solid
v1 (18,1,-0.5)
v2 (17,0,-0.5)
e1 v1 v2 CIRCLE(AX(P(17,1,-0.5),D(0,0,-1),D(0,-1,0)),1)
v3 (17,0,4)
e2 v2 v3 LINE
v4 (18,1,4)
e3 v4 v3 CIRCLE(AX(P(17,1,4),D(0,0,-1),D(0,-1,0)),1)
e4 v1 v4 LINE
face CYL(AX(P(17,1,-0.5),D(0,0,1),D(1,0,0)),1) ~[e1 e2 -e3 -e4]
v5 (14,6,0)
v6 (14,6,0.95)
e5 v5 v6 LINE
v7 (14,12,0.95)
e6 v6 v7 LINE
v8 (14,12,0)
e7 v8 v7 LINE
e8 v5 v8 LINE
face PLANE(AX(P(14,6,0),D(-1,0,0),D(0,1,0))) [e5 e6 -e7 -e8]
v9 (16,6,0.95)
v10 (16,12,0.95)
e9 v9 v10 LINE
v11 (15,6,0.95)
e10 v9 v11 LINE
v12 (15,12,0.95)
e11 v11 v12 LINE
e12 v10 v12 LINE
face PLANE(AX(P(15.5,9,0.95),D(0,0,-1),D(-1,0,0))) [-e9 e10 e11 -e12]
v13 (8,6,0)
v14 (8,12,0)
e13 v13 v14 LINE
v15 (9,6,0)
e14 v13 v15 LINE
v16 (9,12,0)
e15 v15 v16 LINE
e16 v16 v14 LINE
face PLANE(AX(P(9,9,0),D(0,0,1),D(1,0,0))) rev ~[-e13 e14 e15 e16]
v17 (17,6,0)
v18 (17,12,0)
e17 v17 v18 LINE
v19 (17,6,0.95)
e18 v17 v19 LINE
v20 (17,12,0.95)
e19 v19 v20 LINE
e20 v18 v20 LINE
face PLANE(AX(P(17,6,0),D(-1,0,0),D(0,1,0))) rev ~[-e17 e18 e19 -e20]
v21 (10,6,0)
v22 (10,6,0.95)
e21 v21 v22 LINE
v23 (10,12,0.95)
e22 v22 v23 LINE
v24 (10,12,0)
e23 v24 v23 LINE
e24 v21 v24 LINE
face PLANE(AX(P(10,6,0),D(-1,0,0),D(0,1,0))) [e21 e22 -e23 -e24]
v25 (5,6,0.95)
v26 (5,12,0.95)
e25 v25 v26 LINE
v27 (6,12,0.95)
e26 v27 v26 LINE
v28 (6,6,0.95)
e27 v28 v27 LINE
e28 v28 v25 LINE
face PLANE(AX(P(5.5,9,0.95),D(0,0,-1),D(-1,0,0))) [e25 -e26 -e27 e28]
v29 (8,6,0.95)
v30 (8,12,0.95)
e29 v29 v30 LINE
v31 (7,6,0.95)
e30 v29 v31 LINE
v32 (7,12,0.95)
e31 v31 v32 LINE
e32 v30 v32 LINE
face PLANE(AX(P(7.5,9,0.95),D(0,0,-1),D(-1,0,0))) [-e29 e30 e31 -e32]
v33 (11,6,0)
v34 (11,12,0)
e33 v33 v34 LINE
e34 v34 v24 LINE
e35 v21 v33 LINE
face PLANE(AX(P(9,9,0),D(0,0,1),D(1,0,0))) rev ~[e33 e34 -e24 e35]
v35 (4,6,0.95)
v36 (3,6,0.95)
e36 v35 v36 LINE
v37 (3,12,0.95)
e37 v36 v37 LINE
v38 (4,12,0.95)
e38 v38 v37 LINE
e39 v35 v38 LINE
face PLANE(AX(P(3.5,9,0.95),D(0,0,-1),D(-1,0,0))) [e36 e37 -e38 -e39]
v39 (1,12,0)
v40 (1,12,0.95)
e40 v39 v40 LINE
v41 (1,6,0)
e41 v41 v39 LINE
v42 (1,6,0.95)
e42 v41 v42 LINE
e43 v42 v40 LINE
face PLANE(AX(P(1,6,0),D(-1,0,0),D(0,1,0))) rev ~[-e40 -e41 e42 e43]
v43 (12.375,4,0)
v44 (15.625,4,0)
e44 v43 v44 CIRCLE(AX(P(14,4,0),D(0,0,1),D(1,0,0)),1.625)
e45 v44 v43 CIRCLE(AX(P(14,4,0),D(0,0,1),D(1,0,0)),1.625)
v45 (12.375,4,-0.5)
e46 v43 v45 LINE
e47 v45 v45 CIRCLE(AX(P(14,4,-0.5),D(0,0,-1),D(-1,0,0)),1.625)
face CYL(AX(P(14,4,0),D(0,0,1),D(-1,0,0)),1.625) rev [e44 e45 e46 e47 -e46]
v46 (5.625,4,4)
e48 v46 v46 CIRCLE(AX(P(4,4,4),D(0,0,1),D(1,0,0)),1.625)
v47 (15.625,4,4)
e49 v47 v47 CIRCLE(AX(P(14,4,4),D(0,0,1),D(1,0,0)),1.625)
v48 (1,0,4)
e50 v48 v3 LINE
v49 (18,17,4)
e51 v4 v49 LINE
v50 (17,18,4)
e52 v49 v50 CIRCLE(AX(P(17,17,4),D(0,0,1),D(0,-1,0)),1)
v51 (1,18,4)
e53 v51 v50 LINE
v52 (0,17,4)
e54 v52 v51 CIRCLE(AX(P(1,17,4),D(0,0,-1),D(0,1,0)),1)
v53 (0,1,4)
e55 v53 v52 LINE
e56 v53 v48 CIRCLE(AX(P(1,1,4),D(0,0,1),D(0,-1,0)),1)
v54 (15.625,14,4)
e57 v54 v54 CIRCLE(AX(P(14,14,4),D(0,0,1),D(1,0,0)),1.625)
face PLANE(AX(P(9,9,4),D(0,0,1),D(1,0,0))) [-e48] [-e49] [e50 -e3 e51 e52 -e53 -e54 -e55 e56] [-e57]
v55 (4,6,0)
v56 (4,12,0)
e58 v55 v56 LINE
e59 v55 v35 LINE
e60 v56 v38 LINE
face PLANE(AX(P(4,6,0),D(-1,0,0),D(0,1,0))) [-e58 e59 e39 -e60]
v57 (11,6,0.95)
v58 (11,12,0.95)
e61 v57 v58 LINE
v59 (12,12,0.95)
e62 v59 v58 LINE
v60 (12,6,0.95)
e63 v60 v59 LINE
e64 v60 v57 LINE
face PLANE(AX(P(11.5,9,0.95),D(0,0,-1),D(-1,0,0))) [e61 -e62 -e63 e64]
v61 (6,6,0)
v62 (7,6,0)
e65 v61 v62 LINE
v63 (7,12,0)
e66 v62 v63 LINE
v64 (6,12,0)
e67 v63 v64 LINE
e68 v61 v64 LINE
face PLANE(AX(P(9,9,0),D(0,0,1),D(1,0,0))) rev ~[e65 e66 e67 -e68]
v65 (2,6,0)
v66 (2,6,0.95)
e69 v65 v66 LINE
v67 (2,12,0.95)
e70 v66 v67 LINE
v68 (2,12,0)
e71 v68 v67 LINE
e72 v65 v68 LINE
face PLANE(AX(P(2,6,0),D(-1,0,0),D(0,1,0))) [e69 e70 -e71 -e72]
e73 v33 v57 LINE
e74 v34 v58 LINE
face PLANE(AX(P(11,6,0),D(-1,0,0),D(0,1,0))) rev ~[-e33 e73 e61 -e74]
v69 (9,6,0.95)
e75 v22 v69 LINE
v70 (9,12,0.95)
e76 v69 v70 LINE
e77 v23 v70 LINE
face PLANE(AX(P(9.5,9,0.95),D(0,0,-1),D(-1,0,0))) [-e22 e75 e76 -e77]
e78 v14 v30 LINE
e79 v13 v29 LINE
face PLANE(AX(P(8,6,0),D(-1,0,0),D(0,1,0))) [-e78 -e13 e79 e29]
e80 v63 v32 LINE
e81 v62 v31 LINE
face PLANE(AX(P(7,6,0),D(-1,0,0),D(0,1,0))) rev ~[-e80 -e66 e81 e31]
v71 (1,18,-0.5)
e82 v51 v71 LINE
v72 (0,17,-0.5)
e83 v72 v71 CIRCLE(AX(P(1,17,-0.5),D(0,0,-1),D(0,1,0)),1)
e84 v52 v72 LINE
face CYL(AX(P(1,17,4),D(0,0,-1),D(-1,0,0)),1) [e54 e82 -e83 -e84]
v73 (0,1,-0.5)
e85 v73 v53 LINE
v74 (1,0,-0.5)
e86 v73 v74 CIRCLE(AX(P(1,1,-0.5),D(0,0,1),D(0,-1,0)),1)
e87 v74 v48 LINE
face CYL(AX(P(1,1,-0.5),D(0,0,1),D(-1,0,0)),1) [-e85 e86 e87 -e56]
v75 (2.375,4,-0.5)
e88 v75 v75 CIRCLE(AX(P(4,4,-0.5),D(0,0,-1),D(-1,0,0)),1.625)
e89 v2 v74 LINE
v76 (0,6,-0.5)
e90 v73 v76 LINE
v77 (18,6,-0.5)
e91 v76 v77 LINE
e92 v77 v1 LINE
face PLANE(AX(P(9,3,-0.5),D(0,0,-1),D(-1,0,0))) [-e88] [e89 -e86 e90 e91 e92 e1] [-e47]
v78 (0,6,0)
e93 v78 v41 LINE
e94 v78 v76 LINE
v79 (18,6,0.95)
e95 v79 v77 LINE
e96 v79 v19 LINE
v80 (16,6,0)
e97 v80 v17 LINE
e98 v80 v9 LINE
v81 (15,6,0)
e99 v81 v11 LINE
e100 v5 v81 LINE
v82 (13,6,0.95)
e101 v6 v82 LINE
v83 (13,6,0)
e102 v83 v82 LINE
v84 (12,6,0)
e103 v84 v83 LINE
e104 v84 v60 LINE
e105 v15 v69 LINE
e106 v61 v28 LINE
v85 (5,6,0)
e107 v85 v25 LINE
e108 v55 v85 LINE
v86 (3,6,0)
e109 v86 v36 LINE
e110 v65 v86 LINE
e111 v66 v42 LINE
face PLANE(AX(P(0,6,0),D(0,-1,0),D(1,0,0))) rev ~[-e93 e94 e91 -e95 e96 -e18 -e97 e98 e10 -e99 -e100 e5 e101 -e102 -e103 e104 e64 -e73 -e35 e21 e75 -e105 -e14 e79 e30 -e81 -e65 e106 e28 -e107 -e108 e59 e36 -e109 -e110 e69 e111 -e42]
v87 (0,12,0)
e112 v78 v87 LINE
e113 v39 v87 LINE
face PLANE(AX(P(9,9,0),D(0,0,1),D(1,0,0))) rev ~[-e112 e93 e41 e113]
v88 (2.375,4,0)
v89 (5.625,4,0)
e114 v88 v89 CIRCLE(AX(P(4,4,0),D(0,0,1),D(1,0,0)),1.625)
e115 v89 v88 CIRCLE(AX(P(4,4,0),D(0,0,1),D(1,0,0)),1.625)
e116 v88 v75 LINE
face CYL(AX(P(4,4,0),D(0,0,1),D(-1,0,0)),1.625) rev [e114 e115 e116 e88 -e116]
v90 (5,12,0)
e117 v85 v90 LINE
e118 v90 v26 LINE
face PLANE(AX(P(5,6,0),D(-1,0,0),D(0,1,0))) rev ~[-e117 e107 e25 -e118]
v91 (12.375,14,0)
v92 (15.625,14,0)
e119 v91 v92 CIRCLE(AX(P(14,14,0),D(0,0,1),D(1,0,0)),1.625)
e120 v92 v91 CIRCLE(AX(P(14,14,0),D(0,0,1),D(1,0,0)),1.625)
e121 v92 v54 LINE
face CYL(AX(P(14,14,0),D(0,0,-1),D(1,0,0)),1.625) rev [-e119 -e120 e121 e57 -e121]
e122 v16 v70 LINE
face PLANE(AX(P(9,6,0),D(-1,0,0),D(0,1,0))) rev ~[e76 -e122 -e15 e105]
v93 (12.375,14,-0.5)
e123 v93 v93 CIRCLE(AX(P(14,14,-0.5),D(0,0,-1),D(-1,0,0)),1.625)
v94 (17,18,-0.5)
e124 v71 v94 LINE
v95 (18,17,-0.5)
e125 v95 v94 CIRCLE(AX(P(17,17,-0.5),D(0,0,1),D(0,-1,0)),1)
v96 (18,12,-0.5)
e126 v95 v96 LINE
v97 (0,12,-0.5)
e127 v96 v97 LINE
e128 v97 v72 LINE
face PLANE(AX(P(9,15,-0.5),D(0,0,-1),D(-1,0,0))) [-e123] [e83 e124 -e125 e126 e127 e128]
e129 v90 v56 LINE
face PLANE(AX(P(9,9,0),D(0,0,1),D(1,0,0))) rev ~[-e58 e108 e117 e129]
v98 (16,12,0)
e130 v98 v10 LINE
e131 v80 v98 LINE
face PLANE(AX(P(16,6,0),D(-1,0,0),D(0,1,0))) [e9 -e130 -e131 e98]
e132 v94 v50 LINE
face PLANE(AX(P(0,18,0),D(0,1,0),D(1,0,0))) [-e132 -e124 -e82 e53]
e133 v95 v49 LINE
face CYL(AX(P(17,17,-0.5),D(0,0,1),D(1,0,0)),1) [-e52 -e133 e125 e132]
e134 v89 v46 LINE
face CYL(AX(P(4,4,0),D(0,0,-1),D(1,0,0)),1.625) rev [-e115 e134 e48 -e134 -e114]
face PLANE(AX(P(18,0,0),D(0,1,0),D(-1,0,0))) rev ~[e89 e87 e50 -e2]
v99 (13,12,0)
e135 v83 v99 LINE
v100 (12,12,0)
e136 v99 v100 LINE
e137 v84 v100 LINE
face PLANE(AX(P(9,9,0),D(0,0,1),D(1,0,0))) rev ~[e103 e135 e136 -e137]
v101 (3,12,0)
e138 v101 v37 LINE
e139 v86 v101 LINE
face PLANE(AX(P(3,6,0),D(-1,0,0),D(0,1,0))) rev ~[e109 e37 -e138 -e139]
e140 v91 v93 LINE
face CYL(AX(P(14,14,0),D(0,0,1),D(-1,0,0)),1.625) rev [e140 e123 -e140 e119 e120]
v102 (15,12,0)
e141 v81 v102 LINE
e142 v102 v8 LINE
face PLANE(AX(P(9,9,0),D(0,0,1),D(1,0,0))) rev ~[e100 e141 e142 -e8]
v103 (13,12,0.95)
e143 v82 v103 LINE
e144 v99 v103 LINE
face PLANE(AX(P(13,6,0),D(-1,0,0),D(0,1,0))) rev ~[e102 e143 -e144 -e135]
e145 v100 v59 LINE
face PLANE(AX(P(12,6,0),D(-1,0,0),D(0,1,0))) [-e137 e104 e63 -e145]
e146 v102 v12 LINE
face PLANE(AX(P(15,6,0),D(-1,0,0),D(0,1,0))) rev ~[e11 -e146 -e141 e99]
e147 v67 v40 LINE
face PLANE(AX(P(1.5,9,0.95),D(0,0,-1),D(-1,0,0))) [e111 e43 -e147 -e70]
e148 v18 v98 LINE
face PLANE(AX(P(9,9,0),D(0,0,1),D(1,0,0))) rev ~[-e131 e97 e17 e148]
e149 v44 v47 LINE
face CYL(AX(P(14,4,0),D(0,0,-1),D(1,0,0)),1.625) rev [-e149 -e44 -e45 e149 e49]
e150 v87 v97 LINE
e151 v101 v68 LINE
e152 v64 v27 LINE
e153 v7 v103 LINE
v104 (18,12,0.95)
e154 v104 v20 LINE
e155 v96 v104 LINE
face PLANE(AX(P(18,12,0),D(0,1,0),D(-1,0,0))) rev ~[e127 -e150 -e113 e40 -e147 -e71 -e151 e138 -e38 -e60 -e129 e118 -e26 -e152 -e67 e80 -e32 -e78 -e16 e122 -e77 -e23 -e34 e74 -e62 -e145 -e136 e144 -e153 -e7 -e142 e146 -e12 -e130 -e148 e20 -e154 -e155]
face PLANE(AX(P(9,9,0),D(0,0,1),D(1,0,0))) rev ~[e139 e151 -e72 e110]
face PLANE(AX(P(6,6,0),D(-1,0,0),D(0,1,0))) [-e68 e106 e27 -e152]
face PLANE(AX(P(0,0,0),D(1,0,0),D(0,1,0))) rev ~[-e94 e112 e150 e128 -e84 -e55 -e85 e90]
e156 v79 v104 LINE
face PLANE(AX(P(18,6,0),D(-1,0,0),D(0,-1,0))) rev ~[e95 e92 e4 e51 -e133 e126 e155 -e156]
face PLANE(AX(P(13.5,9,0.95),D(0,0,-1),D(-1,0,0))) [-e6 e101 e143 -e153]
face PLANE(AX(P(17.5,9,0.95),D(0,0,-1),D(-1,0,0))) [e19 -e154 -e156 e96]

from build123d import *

# Parameters (mm, degrees)
SKETCH1_W           = 18
SKETCH1_H           = 18
SKETCH1_R           = 1.625
BOSS_EXTRUDE1_DEPTH = 4
SKETCH2_W           = 1
SKETCH2_H           = 6
CUT_EXTRUDE1_DEPTH  = 0.95
SKETCH3_R           = 1.625
BOSS_EXTRUDE2_DEPTH = 0.5
FILLET1_R           = 1


with BuildPart() as part:
    # Sketch1 → Boss-Extrude1 (new body)
    with BuildSketch(Plane.XY):
        with Locations((9, 9)):
            Rectangle(SKETCH1_W, SKETCH1_H)
        with Locations((4, 4)):
            Circle(SKETCH1_R, mode=Mode.SUBTRACT)
        with Locations((14, 4)):
            Circle(SKETCH1_R, mode=Mode.SUBTRACT)
        with Locations((14, 14)):
            Circle(SKETCH1_R, mode=Mode.SUBTRACT)
    extrude(amount=BOSS_EXTRUDE1_DEPTH)

    # Sketch2 → Cut-Extrude1 (cut)
    with BuildSketch(Plane(origin=(0, 0, 0), x_dir=(-1, 0, 0), z_dir=(0, 0, -1))):
        with Locations((-17.5, 9)):
            Rectangle(SKETCH2_W, SKETCH2_H)
        with Locations((-15.5, 9)):
            Rectangle(SKETCH2_W, SKETCH2_H)
        with Locations((-13.5, 9)):
            Rectangle(SKETCH2_W, SKETCH2_H)
        with Locations((-11.5, 9)):
            Rectangle(SKETCH2_W, SKETCH2_H)
        with Locations((-9.5, 9)):
            Rectangle(SKETCH2_W, SKETCH2_H)
        with Locations((-7.5, 9)):
            Rectangle(SKETCH2_W, SKETCH2_H)
        with Locations((-5.5, 9)):
            Rectangle(SKETCH2_W, SKETCH2_H)
        with Locations((-3.5, 9)):
            Rectangle(SKETCH2_W, SKETCH2_H)
        with Locations((-1.5, 9)):
            Rectangle(SKETCH2_W, SKETCH2_H)
    extrude(amount=-CUT_EXTRUDE1_DEPTH, mode=Mode.SUBTRACT)

    # Sketch3 → Boss-Extrude2 (add)
    with BuildSketch(Plane(origin=(0, 0, 0), x_dir=(-1, 0, 0), z_dir=(0, 0, -1))):
        Polygon((0, 0), (0, 6), (-1, 6), (-2, 6), (-3, 6), (-4, 6), (-5, 6), (-6, 6), (-7, 6), (-8, 6), (-9, 6), (-10, 6), (-11, 6), (-12, 6), (-13, 6), (-14, 6), (-15, 6), (-16, 6), (-17, 6), (-18, 6), (-18, 0), align=None)
        with Locations((-14, 4)):
            Circle(SKETCH3_R, mode=Mode.SUBTRACT)
        with Locations((-4, 4)):
            Circle(SKETCH3_R, mode=Mode.SUBTRACT)
        Polygon((0, 18), (-18, 18), (-18, 12), (-17, 12), (-16, 12), (-15, 12), (-14, 12), (-13, 12), (-12, 12), (-11, 12), (-10, 12), (-9, 12), (-8, 12), (-7, 12), (-6, 12), (-5, 12), (-4, 12), (-3, 12), (-2, 12), (-1, 12), (0, 12), align=None)
        with Locations((-14, 14)):
            Circle(SKETCH3_R, mode=Mode.SUBTRACT)
    extrude(amount=BOSS_EXTRUDE2_DEPTH)

    # Fillet1
    fillet1_edges = [part.edges().sort_by_distance(p)[0] for p in [
        (0, 18, 1.75),
        (18, 18, 1.75),
        (18, 0, 1.75),
        (0, 0, 1.75),
    ]]
    fillet(fillet1_edges, radius=FILLET1_R)


solid = part.part
